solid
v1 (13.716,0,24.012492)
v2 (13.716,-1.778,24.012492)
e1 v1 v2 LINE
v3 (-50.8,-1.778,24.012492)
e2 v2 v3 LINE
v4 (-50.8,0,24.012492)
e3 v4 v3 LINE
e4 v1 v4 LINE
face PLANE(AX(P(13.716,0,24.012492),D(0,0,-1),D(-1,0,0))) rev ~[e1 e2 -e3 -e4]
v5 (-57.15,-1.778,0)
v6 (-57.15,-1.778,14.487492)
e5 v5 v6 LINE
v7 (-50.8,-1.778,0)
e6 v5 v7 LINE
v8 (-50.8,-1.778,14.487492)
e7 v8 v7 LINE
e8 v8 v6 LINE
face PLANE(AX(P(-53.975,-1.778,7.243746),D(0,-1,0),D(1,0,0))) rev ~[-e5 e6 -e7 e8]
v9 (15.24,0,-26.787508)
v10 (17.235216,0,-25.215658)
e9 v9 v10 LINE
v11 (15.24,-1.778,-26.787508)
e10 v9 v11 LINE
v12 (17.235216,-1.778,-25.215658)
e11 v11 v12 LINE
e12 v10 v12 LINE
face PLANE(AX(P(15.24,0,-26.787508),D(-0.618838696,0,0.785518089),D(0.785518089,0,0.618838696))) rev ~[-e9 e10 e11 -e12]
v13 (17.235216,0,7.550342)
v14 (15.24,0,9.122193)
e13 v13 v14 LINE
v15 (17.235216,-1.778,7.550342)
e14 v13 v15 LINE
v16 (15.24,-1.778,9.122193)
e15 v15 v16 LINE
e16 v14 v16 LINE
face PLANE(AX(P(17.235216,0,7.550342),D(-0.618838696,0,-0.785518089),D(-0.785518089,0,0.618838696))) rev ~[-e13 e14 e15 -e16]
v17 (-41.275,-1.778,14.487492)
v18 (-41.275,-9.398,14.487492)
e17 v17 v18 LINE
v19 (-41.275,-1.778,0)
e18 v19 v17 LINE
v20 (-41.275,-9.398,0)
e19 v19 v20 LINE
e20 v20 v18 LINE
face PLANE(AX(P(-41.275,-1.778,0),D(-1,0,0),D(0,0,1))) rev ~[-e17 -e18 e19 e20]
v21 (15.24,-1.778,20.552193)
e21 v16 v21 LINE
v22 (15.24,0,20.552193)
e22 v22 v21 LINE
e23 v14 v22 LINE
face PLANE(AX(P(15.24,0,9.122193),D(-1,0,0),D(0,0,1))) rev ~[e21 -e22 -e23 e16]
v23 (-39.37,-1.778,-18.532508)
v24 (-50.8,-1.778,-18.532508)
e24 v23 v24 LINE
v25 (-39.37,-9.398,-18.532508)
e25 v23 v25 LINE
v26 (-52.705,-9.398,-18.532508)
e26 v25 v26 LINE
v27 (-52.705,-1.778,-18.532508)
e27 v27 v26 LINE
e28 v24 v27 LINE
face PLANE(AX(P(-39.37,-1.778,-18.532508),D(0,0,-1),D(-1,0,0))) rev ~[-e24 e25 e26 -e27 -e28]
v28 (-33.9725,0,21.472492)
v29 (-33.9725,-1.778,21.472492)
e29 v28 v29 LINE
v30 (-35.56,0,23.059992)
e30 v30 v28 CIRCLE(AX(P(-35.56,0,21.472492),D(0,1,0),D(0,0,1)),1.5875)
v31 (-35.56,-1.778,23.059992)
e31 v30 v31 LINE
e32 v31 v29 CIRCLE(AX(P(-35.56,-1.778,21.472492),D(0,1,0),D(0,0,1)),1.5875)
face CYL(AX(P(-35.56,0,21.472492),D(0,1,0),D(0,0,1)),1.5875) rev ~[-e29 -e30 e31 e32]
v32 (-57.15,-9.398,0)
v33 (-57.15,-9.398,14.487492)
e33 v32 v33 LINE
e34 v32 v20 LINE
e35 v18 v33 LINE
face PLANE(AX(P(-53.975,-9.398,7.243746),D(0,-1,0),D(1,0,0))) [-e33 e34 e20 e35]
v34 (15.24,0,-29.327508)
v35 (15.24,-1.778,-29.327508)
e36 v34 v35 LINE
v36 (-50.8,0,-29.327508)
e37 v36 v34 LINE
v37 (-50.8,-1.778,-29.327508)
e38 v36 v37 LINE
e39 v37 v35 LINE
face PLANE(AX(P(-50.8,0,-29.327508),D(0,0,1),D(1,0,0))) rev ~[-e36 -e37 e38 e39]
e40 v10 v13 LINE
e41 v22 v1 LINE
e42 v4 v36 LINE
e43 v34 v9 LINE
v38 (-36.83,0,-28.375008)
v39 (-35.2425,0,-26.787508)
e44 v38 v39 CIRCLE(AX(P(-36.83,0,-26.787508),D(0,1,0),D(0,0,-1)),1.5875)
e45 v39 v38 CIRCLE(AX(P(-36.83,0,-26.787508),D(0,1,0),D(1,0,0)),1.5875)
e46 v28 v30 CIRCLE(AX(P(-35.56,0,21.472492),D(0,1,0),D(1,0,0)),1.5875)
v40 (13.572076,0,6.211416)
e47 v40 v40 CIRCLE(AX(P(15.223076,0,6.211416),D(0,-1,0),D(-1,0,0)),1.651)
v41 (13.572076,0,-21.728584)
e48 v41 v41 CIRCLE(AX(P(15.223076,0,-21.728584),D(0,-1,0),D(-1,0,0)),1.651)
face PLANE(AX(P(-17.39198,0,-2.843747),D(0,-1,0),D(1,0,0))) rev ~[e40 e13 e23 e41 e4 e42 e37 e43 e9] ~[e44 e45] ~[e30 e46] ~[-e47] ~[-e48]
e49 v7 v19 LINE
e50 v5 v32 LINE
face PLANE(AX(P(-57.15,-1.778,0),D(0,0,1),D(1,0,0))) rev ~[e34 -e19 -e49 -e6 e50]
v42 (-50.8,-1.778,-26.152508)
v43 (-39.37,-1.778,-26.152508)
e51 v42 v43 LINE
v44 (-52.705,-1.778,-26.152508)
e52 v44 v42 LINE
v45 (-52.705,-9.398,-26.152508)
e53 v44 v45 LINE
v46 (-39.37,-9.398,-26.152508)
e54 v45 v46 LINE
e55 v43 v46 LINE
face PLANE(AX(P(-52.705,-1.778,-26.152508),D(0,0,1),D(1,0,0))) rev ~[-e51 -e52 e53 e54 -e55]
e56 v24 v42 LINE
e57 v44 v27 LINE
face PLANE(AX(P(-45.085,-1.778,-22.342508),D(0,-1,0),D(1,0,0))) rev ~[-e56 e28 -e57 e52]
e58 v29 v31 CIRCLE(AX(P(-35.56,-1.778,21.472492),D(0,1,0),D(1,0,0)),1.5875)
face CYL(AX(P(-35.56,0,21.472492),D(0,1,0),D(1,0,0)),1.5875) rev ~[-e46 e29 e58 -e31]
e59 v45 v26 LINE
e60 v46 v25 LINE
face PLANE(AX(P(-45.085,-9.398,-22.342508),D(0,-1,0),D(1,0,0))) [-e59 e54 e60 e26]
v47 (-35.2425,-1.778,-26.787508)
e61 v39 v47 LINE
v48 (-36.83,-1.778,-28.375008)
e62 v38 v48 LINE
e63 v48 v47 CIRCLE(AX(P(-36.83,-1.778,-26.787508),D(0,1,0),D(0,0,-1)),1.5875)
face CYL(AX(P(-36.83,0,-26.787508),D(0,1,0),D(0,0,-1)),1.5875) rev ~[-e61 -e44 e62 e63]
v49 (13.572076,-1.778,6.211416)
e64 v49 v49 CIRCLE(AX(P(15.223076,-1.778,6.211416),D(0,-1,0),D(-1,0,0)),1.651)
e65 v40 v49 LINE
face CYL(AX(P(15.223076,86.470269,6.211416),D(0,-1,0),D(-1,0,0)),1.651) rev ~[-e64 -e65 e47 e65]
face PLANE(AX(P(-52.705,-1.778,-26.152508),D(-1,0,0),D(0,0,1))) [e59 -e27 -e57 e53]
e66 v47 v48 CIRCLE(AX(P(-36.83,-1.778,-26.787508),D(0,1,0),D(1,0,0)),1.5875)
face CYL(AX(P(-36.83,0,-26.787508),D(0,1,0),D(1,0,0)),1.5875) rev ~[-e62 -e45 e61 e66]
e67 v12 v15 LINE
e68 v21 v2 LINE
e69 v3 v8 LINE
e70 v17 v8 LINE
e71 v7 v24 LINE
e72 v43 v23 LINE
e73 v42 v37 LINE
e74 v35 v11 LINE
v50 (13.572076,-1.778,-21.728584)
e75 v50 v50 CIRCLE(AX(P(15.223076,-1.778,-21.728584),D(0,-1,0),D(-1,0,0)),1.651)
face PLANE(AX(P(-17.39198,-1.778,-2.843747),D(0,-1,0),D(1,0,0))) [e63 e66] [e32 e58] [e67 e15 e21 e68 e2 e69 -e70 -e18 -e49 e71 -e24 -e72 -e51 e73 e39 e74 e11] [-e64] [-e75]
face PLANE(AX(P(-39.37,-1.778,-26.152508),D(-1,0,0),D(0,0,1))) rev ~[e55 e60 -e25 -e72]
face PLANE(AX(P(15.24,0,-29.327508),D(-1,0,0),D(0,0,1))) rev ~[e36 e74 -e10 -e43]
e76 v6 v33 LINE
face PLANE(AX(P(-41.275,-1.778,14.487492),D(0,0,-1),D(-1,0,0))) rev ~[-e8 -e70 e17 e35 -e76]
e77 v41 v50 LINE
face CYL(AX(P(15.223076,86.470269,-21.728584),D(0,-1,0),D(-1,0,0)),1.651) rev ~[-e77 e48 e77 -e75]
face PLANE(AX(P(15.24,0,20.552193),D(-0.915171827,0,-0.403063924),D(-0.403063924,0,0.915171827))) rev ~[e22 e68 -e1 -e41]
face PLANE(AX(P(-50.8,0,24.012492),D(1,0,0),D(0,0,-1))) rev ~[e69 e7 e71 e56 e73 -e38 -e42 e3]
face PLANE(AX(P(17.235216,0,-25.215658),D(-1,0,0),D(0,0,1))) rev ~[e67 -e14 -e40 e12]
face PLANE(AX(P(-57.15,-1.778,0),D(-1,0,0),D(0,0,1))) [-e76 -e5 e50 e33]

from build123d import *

# Parameters (mm, degrees)
F2_DEPTH = 1.778
F3_D     = 3.302
F4_W     = 6.35
F4_H     = 14.4874919379
F4_W_2   = 9.525
F4_W_3   = 11.43
F4_H_2   = 7.62
F4_W_4   = 1.905
F5_DEPTH = 7.62


with BuildPart() as f2:
    # F0 (on Front) → F2 (new body)
    with BuildSketch(Plane.XZ):
        Polygon((-50.8, 24.0124919379), (-50.8, -29.3275080621), (-36.83, -29.3275080621), (0, -29.3275080621), (15.24, -29.3275080621), (15.24, -26.7875080621), (17.235215947, -25.2156577751), (17.235215947, 7.5503422249), (15.24, 9.122192512), (15.24, 20.552192512), (13.716, 24.0124919379), (-35.56, 24.0124919379), align=None)
        with BuildLine():
            ThreePointArc((-35.2425, -26.7875080621), (-35.7074679849, -27.9100400773), (-36.83, -28.3750080621))
            ThreePointArc((-36.83, -28.3750080621), (-37.9525320151, -25.664976047), (-35.2425, -26.7875080621))
        make_face(mode=Mode.SUBTRACT)
        with BuildLine():
            ThreePointArc((-33.9725, 21.4724919379), (-36.6825320151, 20.3499599227), (-35.56, 23.0599919379))
            ThreePointArc((-35.56, 23.0599919379), (-34.4374679849, 22.595023953), (-33.9725, 21.4724919379))
        make_face(mode=Mode.SUBTRACT)
    extrude(amount=F2_DEPTH)

    # F3 (through all)
    with Locations(Plane(origin=(0, 0, 0), x_dir=(1, 0, 0), z_dir=(0, 1, 0))):
        with Locations((15.2230756357, 21.728583892), (15.2230756357, -6.211416108)):
            Hole(F3_D / 2)

    # F4 (on face) → F5 (join)
    with BuildSketch(Plane.XZ.offset(1.778)):
        with Locations((-53.975, 7.2437459689)):
            Rectangle(F4_W, F4_H)
        with Locations((-46.0375, 7.2437459689)):
            Rectangle(F4_W_2, F4_H)
        with Locations((-45.085, -22.3425080621)):
            Rectangle(F4_W_3, F4_H_2)
        with Locations((-51.7525, -22.3425080621)):
            Rectangle(F4_W_4, F4_H_2)
    extrude(amount=F5_DEPTH)


solid = f2.part
